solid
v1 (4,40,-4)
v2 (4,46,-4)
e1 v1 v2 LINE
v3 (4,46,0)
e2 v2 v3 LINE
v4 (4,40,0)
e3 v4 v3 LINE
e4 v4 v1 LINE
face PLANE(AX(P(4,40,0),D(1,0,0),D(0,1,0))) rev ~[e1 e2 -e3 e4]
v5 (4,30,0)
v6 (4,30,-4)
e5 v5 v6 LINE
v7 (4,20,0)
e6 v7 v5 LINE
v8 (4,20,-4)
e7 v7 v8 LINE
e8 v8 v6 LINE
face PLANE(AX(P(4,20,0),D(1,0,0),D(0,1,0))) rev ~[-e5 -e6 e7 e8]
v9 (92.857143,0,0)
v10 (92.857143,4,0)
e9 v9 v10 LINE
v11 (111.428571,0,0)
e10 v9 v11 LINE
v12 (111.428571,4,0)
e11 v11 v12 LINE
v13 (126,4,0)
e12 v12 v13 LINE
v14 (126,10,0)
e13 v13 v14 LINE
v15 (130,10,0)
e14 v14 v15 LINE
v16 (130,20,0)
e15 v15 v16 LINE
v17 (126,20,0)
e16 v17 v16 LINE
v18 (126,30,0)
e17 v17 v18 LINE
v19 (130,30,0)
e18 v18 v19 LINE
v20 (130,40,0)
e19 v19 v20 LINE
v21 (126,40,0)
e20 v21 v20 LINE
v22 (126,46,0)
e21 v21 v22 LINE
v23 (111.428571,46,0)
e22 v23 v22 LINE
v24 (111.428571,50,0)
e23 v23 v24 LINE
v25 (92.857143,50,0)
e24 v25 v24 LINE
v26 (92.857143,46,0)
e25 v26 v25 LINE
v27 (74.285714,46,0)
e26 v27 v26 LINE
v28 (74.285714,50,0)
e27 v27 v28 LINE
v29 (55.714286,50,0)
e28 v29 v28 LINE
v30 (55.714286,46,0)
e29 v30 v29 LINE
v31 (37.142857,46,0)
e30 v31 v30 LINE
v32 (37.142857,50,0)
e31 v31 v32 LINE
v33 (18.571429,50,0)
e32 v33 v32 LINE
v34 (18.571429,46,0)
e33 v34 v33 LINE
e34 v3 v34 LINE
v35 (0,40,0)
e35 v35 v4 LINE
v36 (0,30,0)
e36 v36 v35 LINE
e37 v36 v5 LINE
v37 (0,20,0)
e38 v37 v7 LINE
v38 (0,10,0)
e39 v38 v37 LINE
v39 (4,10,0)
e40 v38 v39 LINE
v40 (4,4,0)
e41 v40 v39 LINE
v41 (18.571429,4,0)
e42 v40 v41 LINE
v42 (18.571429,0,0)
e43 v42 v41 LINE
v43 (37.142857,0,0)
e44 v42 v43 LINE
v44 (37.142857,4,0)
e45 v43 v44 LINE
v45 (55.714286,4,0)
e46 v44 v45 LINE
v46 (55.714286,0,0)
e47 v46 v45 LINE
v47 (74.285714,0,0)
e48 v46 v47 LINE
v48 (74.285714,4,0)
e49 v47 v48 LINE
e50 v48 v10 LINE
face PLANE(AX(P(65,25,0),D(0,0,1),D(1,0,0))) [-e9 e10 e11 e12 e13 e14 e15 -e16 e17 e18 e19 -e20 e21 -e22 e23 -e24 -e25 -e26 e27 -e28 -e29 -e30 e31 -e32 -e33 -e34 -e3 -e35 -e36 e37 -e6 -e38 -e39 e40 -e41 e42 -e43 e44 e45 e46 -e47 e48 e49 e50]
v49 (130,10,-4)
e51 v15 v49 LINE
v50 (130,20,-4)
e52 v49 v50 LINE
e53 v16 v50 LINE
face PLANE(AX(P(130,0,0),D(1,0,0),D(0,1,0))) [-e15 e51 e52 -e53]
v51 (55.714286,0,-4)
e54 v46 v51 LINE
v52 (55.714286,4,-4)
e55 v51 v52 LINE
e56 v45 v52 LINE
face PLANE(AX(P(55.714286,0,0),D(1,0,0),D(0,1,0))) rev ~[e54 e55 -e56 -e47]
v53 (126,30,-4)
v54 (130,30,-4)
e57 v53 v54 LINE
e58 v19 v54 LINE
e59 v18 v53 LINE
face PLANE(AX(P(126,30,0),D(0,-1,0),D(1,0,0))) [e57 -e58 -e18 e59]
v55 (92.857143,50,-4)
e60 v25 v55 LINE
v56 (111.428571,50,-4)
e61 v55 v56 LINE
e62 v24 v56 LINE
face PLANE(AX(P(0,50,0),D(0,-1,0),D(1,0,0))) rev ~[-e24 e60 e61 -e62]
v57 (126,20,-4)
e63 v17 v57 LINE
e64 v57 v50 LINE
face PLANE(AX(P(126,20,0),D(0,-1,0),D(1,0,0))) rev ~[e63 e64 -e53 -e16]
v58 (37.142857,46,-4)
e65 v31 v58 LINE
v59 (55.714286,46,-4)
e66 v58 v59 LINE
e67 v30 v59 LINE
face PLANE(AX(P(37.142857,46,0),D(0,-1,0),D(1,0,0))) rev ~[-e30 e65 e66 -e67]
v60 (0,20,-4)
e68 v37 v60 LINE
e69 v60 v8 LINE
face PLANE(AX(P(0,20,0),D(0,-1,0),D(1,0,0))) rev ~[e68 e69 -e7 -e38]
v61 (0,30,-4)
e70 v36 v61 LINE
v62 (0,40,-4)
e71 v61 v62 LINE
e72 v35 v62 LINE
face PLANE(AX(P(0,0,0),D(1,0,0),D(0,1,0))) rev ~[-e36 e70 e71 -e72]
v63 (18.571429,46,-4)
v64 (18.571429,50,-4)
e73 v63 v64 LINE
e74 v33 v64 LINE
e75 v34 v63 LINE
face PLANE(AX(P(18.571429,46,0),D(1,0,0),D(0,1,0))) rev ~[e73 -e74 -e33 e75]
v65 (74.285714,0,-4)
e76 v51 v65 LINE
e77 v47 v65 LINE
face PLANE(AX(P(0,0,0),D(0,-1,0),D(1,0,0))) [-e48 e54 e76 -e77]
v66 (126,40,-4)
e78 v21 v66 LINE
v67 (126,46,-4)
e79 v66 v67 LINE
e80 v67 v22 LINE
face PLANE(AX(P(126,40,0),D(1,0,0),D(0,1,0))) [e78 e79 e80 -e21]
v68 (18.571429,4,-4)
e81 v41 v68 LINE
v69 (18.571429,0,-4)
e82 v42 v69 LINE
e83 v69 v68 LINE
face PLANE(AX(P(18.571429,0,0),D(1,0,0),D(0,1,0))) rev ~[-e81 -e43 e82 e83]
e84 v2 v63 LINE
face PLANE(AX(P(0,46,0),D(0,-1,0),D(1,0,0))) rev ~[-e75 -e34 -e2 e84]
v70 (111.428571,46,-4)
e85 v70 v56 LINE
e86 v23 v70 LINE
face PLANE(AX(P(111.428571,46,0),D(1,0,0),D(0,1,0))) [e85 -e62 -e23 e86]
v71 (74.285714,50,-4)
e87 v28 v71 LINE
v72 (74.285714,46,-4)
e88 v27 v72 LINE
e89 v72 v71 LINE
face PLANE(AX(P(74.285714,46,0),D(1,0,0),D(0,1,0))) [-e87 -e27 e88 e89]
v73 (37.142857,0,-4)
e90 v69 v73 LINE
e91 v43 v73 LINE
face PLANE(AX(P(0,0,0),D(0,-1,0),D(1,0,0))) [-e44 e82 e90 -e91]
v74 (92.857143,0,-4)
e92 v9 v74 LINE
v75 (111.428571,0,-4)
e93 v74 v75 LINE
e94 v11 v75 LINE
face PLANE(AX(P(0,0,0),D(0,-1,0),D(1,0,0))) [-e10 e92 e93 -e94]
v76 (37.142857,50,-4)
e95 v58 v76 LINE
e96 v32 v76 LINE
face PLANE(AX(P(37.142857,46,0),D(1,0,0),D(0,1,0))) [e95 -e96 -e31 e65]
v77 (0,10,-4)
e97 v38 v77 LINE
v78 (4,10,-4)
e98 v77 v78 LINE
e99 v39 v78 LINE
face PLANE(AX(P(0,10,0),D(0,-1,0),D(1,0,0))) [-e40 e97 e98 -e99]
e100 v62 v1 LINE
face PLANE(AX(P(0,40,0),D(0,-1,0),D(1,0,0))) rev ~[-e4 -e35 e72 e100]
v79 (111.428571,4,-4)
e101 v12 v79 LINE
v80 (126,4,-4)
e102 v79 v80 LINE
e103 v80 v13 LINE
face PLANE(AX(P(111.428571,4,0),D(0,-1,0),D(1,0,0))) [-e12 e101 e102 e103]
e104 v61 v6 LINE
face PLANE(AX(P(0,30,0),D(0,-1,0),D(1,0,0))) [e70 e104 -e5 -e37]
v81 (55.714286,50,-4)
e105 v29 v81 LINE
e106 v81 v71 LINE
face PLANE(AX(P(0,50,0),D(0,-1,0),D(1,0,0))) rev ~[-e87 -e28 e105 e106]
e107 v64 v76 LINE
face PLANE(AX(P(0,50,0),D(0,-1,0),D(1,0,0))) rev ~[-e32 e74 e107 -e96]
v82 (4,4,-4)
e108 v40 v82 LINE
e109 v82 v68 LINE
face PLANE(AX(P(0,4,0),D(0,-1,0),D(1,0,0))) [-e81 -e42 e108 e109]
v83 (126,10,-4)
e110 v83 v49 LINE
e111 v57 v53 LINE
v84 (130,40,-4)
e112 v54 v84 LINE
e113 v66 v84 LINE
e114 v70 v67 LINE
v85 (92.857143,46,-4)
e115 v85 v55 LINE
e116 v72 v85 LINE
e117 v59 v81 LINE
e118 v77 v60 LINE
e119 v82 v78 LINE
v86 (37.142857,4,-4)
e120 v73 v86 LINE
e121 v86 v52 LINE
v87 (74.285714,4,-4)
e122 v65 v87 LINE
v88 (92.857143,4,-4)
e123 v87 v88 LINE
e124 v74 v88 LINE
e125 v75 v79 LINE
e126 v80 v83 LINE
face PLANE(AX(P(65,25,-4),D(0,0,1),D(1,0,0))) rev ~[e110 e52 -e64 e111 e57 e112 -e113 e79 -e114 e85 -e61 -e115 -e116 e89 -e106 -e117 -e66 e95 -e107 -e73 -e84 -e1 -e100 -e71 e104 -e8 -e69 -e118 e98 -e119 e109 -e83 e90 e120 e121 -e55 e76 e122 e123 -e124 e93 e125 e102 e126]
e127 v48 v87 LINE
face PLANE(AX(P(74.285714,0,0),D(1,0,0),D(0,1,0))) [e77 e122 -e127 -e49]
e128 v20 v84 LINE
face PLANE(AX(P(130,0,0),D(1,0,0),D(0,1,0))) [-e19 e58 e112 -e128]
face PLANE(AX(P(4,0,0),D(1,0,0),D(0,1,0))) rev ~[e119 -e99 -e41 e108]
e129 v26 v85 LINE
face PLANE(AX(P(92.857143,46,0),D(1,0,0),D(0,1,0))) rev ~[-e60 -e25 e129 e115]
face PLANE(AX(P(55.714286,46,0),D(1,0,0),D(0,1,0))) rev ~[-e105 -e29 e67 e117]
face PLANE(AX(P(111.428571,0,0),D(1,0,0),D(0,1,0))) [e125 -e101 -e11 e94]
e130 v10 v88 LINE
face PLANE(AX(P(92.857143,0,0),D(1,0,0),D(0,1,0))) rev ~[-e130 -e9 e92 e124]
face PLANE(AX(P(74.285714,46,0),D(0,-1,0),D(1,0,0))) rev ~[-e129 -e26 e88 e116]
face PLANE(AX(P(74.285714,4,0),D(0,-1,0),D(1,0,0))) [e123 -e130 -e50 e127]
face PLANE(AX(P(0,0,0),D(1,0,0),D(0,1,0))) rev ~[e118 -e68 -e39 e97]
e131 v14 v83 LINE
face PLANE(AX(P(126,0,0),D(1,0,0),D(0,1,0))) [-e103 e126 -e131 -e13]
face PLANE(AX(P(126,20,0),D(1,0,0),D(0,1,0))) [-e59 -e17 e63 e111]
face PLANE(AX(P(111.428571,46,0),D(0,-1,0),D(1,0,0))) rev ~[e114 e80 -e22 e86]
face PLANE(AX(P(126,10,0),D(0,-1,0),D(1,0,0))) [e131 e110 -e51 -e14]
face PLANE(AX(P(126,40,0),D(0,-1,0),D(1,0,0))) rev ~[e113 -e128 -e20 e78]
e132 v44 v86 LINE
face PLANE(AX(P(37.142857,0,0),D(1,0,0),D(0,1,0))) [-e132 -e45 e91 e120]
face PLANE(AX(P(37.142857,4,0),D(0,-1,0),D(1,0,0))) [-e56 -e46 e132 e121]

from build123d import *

# Parameters (mm, degrees)
BUITENAFMETING_RECHTHOEK_W  = 130
BUITENAFMETING_RECHTHOEK_H  = 50
PLAAT_DEPTH                 = 4
TAND_HOR_W                  = 18.571428571
TAND_HOR_H                  = 4
TAND_BOVEN_DEPTH            = 5
TANDEN_PATROON_BOVEN_COUNT  = 4
TANDEN_PATROON_BOVEN_PITCH  = 37.142857143
TAND_VER_W                  = 4
TAND_VER_H                  = 10
TAND_LINKS_DEPTH            = 5
TANDEN_PATROON_LINKS_COUNT  = 3
TANDEN_PATROON_LINKS_PITCH  = 20
TAND_O_W                    = 18.571428571
TAND_O_H                    = 4
TAND_ONDER_DEPTH            = 5
TANDEN_PATROON_ONDER_COUNT  = 4
TANDEN_PATROON_ONDER_PITCH  = 37.142857143
TAND_R_W                    = 4
TAND_R_H                    = 10
TAND_RECHTS_DEPTH           = 5
TANDEN_PATROON_RECHTS_COUNT = 3
TANDEN_PATROON_RECHTS_PITCH = 20


with BuildPart() as part:
    # Buitenafmeting Rechthoek → Plaat (new body)
    with BuildSketch(Plane.XY):
        with Locations((65, 25)):
            Rectangle(BUITENAFMETING_RECHTHOEK_W, BUITENAFMETING_RECHTHOEK_H)
    extrude(amount=-PLAAT_DEPTH)

    # Tand Hor → Tand Boven (cut, through all)
    with BuildSketch(Plane.XY):
        with Locations((9.285714286, 48)):
            Rectangle(TAND_HOR_W, TAND_HOR_H)
    tand_boven = extrude(amount=-TAND_BOVEN_DEPTH, mode=Mode.SUBTRACT)

    # Tanden Patroon Boven: Tand Boven ×4
    with Locations(*[(i * TANDEN_PATROON_BOVEN_PITCH, 0, 0) for i in range(1, TANDEN_PATROON_BOVEN_COUNT)]):
        add(tand_boven, mode=Mode.SUBTRACT)

    # Tand Ver → Tand Links (cut, through all)
    with BuildSketch(Plane.XY):
        with Locations((2, 45)):
            Rectangle(TAND_VER_W, TAND_VER_H)
    tand_links = extrude(amount=-TAND_LINKS_DEPTH, mode=Mode.SUBTRACT)

    # Tanden Patroon Links: Tand Links ×3
    with Locations(*[(0, -i * TANDEN_PATROON_LINKS_PITCH, 0) for i in range(1, TANDEN_PATROON_LINKS_COUNT)]):
        add(tand_links, mode=Mode.SUBTRACT)

    # Tand O → Tand Onder (cut, through all)
    with BuildSketch(Plane.XY):
        with Locations((9.285714286, 2)):
            Rectangle(TAND_O_W, TAND_O_H)
    tand_onder = extrude(amount=-TAND_ONDER_DEPTH, mode=Mode.SUBTRACT)

    # Tanden Patroon Onder: Tand Onder ×4
    with Locations(*[(i * TANDEN_PATROON_ONDER_PITCH, 0, 0) for i in range(1, TANDEN_PATROON_ONDER_COUNT)]):
        add(tand_onder, mode=Mode.SUBTRACT)

    # Tand R → Tand Rechts (cut, through all)
    with BuildSketch(Plane.XY):
        with Locations((128, 45)):
            Rectangle(TAND_R_W, TAND_R_H)
    tand_rechts = extrude(amount=-TAND_RECHTS_DEPTH, mode=Mode.SUBTRACT)

    # Tanden Patroon Rechts: Tand Rechts ×3
    with Locations(*[(0, -i * TANDEN_PATROON_RECHTS_PITCH, 0) for i in range(1, TANDEN_PATROON_RECHTS_COUNT)]):
        add(tand_rechts, mode=Mode.SUBTRACT)


solid = part.part
